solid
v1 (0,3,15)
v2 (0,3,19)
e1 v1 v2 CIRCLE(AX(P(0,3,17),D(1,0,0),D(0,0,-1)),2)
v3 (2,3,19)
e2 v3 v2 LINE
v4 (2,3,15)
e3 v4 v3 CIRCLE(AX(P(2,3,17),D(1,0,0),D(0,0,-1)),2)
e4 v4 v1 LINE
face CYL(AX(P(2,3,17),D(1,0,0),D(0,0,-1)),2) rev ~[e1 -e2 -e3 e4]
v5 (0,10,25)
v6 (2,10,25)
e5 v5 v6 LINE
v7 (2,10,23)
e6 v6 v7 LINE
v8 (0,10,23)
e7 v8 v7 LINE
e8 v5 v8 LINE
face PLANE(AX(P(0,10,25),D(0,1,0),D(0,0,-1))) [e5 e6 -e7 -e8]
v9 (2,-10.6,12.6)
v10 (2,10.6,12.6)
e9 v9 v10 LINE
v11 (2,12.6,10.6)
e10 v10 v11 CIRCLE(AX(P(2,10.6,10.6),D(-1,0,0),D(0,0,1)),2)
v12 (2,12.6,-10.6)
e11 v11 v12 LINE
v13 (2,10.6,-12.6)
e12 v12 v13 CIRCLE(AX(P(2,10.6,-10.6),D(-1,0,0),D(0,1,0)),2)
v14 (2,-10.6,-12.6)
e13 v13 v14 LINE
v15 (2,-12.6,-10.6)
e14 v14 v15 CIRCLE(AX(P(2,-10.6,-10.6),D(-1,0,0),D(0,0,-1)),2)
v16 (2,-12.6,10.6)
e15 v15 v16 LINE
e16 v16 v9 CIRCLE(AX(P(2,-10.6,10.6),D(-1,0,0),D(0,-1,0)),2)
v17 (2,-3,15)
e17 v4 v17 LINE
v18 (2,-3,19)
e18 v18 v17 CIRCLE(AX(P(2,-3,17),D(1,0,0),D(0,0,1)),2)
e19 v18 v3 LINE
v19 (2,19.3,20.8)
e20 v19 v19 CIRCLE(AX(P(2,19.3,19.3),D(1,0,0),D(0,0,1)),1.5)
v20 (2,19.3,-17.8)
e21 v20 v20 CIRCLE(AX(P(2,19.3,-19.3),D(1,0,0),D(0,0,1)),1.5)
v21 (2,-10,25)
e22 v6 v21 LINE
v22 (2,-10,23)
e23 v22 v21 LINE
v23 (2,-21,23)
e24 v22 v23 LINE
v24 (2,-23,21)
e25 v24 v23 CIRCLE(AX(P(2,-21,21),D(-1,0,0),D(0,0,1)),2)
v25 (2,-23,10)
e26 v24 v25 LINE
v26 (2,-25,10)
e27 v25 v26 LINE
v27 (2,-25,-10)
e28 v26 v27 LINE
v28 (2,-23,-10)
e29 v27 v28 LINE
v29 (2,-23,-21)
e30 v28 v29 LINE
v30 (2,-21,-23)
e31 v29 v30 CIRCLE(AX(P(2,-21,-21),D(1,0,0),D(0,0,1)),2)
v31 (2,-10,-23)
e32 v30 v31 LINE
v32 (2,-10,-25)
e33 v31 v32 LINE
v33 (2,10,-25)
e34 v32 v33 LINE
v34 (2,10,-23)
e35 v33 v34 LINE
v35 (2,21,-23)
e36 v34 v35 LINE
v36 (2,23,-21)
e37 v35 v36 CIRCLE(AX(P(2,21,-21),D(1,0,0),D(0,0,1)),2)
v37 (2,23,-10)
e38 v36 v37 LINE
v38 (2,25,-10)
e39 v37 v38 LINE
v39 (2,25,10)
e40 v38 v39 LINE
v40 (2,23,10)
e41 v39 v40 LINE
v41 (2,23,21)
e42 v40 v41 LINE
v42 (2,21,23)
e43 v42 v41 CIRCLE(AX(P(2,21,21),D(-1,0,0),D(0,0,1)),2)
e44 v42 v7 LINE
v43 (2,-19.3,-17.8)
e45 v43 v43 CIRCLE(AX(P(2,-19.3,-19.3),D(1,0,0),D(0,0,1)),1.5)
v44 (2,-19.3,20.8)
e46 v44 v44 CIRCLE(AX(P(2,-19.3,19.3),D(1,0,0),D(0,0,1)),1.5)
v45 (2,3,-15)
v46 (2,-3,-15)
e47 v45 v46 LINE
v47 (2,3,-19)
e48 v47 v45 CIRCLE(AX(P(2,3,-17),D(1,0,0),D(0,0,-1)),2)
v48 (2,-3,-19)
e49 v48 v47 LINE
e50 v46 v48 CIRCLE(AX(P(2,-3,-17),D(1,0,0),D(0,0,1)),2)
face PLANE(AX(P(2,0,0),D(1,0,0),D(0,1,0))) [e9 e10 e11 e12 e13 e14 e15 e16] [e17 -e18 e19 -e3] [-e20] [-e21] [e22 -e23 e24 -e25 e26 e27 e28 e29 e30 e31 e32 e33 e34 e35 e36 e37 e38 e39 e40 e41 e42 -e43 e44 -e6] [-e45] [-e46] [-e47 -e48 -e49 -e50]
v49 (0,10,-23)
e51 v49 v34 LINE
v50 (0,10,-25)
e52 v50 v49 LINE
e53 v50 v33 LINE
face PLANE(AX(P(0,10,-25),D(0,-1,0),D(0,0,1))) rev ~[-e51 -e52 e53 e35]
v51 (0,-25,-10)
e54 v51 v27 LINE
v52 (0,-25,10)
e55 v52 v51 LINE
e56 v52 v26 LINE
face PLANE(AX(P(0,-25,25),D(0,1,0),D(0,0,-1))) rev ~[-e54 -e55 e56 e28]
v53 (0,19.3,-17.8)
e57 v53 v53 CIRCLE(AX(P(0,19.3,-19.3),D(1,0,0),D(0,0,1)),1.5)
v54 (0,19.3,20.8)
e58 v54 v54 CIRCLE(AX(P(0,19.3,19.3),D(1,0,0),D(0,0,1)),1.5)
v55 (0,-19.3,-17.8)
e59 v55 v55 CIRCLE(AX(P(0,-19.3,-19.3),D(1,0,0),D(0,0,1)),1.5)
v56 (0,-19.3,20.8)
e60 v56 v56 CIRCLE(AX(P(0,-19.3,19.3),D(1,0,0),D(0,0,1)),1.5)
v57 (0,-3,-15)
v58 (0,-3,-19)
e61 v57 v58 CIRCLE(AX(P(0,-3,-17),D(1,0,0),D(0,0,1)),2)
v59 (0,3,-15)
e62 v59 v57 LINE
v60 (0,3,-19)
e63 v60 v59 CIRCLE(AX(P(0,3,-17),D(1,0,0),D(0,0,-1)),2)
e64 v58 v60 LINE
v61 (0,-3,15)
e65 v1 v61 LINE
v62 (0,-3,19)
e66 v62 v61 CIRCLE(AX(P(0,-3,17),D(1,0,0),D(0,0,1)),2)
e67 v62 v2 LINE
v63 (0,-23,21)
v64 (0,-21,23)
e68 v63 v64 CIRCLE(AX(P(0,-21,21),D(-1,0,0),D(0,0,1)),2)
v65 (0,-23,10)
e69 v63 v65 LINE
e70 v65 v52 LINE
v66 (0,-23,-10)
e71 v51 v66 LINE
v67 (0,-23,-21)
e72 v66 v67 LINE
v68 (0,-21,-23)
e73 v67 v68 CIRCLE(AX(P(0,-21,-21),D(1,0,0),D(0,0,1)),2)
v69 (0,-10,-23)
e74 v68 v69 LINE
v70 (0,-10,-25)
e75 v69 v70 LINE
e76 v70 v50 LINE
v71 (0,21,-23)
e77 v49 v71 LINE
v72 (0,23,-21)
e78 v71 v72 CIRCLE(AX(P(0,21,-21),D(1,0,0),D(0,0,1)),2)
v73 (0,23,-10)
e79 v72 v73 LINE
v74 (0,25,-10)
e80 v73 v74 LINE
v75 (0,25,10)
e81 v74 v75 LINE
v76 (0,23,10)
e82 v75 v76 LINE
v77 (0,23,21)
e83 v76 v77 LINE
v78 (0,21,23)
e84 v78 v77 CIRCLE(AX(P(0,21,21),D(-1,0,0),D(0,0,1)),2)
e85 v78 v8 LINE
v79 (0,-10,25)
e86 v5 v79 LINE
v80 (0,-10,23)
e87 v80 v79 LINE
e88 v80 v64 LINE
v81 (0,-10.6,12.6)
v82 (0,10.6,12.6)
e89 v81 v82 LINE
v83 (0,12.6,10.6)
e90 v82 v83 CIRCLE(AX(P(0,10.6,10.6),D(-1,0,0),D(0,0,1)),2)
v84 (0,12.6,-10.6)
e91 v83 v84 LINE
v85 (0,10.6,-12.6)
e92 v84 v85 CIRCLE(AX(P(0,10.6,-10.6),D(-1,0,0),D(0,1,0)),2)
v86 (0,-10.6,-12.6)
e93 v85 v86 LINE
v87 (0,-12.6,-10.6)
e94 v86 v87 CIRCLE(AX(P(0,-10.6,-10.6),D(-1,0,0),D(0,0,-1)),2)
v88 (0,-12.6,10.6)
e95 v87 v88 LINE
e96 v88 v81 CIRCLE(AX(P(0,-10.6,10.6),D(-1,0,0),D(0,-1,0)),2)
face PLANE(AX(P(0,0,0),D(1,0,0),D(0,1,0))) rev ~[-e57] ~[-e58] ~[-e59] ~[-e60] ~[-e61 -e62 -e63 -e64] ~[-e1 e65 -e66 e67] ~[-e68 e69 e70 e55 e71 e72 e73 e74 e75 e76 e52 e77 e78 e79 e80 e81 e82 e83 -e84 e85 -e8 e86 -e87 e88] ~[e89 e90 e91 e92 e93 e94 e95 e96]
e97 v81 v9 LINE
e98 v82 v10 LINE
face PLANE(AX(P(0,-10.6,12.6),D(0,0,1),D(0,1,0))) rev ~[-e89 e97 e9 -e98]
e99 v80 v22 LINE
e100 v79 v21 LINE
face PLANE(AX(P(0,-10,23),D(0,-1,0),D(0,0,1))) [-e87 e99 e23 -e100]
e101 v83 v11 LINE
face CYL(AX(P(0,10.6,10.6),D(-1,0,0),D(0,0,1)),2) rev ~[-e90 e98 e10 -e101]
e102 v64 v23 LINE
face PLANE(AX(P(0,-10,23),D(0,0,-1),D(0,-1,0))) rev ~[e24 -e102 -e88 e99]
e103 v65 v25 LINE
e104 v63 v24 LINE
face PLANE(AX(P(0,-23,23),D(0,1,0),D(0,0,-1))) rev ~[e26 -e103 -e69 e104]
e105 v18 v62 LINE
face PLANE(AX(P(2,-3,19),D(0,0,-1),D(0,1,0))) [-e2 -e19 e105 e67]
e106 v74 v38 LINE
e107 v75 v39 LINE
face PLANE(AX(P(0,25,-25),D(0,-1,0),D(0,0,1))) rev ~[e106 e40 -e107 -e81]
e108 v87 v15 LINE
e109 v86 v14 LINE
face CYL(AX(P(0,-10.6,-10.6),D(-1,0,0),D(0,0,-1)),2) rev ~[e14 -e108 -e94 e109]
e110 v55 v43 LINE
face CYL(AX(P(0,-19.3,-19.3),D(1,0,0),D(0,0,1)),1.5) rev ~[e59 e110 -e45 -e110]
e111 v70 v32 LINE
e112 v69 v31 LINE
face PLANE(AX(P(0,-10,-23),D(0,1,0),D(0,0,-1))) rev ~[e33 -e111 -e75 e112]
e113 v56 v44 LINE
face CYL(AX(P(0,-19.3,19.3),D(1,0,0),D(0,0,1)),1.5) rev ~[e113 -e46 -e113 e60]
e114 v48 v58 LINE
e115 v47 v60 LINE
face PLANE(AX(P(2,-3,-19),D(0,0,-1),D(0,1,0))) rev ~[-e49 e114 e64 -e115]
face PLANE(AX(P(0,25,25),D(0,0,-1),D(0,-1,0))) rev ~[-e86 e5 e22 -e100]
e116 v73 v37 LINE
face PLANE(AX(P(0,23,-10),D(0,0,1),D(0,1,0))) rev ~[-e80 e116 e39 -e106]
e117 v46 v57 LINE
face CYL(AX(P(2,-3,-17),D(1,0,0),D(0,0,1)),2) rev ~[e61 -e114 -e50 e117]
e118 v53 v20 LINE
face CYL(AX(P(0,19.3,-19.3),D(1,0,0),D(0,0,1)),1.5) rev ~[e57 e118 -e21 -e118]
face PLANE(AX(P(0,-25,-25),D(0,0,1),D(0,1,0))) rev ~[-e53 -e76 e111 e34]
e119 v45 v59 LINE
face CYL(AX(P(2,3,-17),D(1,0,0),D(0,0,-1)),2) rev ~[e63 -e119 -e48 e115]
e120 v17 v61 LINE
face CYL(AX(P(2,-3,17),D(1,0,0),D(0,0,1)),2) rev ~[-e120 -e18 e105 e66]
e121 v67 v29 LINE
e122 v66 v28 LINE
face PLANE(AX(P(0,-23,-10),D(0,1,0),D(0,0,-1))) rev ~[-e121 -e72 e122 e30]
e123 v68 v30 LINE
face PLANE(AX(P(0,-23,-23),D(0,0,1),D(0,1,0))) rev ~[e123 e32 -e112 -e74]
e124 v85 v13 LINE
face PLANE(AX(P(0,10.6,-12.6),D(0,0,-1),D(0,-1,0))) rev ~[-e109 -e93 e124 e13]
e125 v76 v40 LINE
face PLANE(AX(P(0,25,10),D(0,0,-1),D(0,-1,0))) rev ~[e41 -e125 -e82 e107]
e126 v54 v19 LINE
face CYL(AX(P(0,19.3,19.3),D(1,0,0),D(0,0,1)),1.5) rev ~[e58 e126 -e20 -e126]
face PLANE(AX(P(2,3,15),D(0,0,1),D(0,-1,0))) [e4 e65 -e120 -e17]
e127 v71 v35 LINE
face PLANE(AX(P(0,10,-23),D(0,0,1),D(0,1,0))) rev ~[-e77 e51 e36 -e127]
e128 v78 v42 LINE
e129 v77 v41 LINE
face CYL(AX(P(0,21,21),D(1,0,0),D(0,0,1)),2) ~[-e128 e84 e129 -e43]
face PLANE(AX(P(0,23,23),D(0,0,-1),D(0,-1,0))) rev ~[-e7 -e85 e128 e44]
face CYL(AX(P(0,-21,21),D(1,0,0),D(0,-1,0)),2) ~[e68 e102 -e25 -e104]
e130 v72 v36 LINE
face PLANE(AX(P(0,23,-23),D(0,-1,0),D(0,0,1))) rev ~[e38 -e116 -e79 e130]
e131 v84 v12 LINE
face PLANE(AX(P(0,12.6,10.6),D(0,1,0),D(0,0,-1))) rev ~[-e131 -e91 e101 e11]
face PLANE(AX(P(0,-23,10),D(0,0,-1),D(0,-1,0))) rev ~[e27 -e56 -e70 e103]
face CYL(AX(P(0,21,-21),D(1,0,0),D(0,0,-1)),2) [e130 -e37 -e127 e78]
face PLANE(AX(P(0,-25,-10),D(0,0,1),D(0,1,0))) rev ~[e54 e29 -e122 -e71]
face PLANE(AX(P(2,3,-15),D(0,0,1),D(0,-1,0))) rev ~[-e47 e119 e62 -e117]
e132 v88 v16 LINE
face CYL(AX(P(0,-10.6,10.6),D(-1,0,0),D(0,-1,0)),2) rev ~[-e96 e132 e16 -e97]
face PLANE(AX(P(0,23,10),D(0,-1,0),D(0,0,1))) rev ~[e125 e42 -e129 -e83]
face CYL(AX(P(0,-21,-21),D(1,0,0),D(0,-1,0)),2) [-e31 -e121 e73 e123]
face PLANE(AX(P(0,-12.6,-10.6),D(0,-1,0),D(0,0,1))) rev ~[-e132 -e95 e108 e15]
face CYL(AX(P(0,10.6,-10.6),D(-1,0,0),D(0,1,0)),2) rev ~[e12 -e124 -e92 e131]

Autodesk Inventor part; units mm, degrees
ref_plane "YZ Plane" through (0, 0, 0) normal (1, 0, 0) x (0, 1, 0)
ref_plane "XZ Plane" through (0, 0, 0) normal (0, 1, 0) x (-1, 0, 0)
ref_plane "XY Plane" through (0, 0, 0) normal (0, 0, 1) x (1, 0, 0)
sketch "Sketch1" plane through (0, 0, 0) normal (1, 0, 0) x (0, 1, 0)
  line L0 (-25, -25) -> (25, -25)
  line L1 (25, -25) -> (25, 25)
  line L2 (25, 25) -> (-25, 25)
  line L3 (-25, 25) -> (-25, -25)
  line L4 (-25, -25) -> (25, 25) construction
  line L5 (25, -25) -> (-25, 25) construction
  line L6 (-24, -24) -> (24, -24)
  line L7 (24, -24) -> (24, 24)
  line L8 (24, 24) -> (-24, 24)
  line L9 (-24, 24) -> (-24, -24)
  line L10 (-24, -24) -> (24, 24) construction
  line L11 (24, -24) -> (-24, 24) construction
  point P0 (0, 0)
  dimension "d0" = 50
  dimension "d1" = 50
  dimension "d2" = 48
  dimension "d3" = 48
extrude "Extrusion1" add sketch "Sketch1" along normal blind 2 contours L3 L2 L1 L0 | L9 L8 L7 L6
sketch "Sketch3" plane through (0, 0, 0) normal (-1, 0, 0) x (0, 0, 1)
  line L0 (19.3, -19.3) -> (-19.3, -19.3)
  line L1 (-19.3, -19.3) -> (-19.3, 19.3)
  line L2 (-19.3, 19.3) -> (19.3, 19.3)
  line L3 (19.3, 19.3) -> (19.3, -19.3)
  line L4 (19.3, -19.3) -> (-19.3, 19.3) construction
  line L5 (-19.3, -19.3) -> (19.3, 19.3) construction
  circle A0 centre (-19.3, 19.3) radius 1.5
  circle A1 centre (19.3, 19.3) radius 1.5555
  circle A2 centre (19.3, -19.3) radius 1.5555
  circle A3 centre (-19.3, -19.3) radius 1.5555
  point P0 (0, 0)
  dimension "d6" = 38.6
  dimension "d7" = 38.6
  dimension "d8" = 3
  dimension "d9" = 3.111
  dimension "d10" = 3.111
  dimension "d11" = 3.111
hole "Hole1" at (0, 19.3, -19.3) direction (1, 0, 0) diameter 3 end through all
sketch "Sketch4" plane through (0, 0, 0) normal (-1, 0, 0) x (0, 0, 1)
  line L0 (-19.3, -19.3) -> (19.3, -19.3)
  line L1 (19.3, -19.3) -> (19.3, 19.3)
  line L2 (19.3, 19.3) -> (-19.3, 19.3)
  line L3 (-19.3, 19.3) -> (-19.3, -19.3)
  line L4 (-19.3, -19.3) -> (19.3, 19.3) construction
  line L5 (19.3, -19.3) -> (-19.3, 19.3) construction
  circle A0 centre (19.3, 19.3) radius 1.5
  point P0 (0, 0)
  dimension "d19" = 38.6
  dimension "d20" = 38.6
  dimension "d21" = 3
hole "Hole2" at (0, 19.3, 19.3) direction (1, 0, 0) diameter 3 end through all
sketch "Sketch5" plane through (0, 0, 0) normal (-1, 0, 0) x (0, 0, 1)
  line L0 (19.3, -19.3) -> (-19.3, -19.3)
  line L1 (-19.3, -19.3) -> (-19.3, 19.3)
  line L2 (-19.3, 19.3) -> (19.3, 19.3)
  line L3 (19.3, 19.3) -> (19.3, -19.3)
  line L4 (19.3, -19.3) -> (-19.3, 19.3) construction
  line L5 (-19.3, -19.3) -> (19.3, 19.3) construction
  circle A0 centre (-19.3, -19.3) radius 1.5
  point P0 (0, 0)
  dimension "d29" = 38.6
  dimension "d30" = 38.6
  dimension "d31" = 3
hole "Hole3" at (0, -19.3, -19.3) direction (1, 0, 0) diameter 3 end through all
sketch "Sketch6" plane through (0, 0, 0) normal (-1, 0, 0) x (0, 0, 1)
  line L0 (19.3, -19.3) -> (-19.3, -19.3)
  line L1 (-19.3, -19.3) -> (-19.3, 19.3)
  line L2 (-19.3, 19.3) -> (19.3, 19.3)
  line L3 (19.3, 19.3) -> (19.3, -19.3)
  line L4 (19.3, -19.3) -> (-19.3, 19.3) construction
  line L5 (-19.3, -19.3) -> (19.3, 19.3) construction
  circle A0 centre (19.3, -19.3) radius 1.5
  point P0 (0, 0)
  dimension "d39" = 38.6
  dimension "d40" = 38.6
  dimension "d41" = 3
hole "Hole4" at (0, -19.3, 19.3) direction (1, 0, 0) diameter 3 end through all
sketch "Sketch7" plane through (0, 0, 0) normal (-1, 0, 0) x (0, 0, 1)
  line L0 (23, -23) -> (-23, -23)
  line L1 (-23, -23) -> (-23, 23)
  line L2 (-23, 23) -> (23, 23)
  line L3 (23, 23) -> (23, -23)
  line L4 (23, -23) -> (-23, 23) construction
  line L5 (-23, -23) -> (23, 23) construction
  line L6 (-25, 25) -> (25, 25) projected
  line L7 (10, 21) -> (-10, 21)
  line L8 (-10, 21) -> (-10, 25)
  line L9 (-10, 25) -> (10, 25)
  line L10 (10, 25) -> (10, 21)
  line L11 (10, 21) -> (-10, 25) construction
  line L12 (-10, 21) -> (10, 25) construction
  line L13 (21, -10) -> (25, -10)
  line L14 (25, -10) -> (25, 10)
  line L15 (25, 10) -> (21, 10)
  line L16 (21, 10) -> (21, -10)
  line L17 (21, -10) -> (25, 10) construction
  line L18 (25, -10) -> (21, 10) construction
  line L19 (25, -25) -> (-25, -25) projected
  line L20 (-10, -21) -> (10, -21)
  line L21 (10, -21) -> (10, -25)
  line L22 (10, -25) -> (-10, -25)
  line L23 (-10, -25) -> (-10, -21)
  line L24 (-10, -21) -> (10, -25) construction
  line L25 (10, -21) -> (-10, -25) construction
  line L26 (-25.0252, 10) -> (-20.9748, 10)
  line L27 (-20.9748, 10) -> (-20.9748, -10)
  line L28 (-20.9748, -10) -> (-25.0252, -10)
  line L29 (-25.0252, -10) -> (-25.0252, 10)
  line L30 (-25.0252, 10) -> (-20.9748, -10) construction
  line L31 (-20.9748, 10) -> (-25.0252, -10) construction
  line L32 (25, -25) -> (-25, -25)
  line L33 (-25, -25) -> (-25, 25)
  line L34 (-25, 25) -> (25, 25)
  line L35 (25, 25) -> (25, -25)
  line L36 (25, -25) -> (-25, 25) construction
  line L37 (-25, -25) -> (25, 25) construction
  point P0 (0, 0)
  point P1 (0, 23)
  point P2 (23, 0)
  point P3 (0, -23)
  point P4 (-23, 0)
  point P5 (-10, 23)
  point P6 (10, 23)
  point P7 (23, 10)
  point P8 (23, -10)
  point P9 (10, -23)
  point P10 (-10, -23)
  point P11 (-23, -10)
  point P12 (-23, 10)
  point P13 (10, 25)
  point P14 (-25, 10)
  point P15 (-25, -10)
  point P16 (-10, -25)
  dimension "d49" = 46
  dimension "d50" = 46
  dimension "d51" = 20
  dimension "d52" = 20
  dimension "d53" = 20
  dimension "d54" = 20
extrude "Extrusion3" cut sketch "Sketch7" against normal blind 2 contours L3 L13 L35 L19 L21 L0 | L23 L19 L33 L28 L1 L0 | L3 L2 L10 L6 L35 L15 | L26 L33 L6 L8 L2 L1
sketch "Sketch9" plane through (0, 0, 0) normal (-1, 0, 0) x (0, 0, 1)
  line L0 (10.6, 12.6) -> (-10.6, 12.6)
  line L1 (-12.6, 10.6) -> (-12.6, -10.6)
  line L2 (-10.6, -12.6) -> (10.6, -12.6)
  line L3 (12.6, -10.6) -> (12.6, 10.6)
  line L4 (12.6, 12.6) -> (-12.6, -12.6) construction
  line L5 (-12.6, 12.6) -> (12.6, -12.6) construction
  arc A0 (-12.6, -10.6) -> (-10.6, -12.6) centre (-10.6, -10.6) ccw
  arc A1 (-10.6, 12.6) -> (-12.6, 10.6) centre (-10.6, 10.6) ccw
  arc A2 (12.6, 10.6) -> (10.6, 12.6) centre (10.6, 10.6) ccw
  arc A3 (10.6, -12.6) -> (12.6, -10.6) centre (10.6, -10.6) ccw
  point P0 (0, 0)
  dimension "d62" = 25.2
  dimension "d63" = 25.2
  dimension "d64" = 2
extrude "Extrusion4" cut sketch "Sketch9" against normal blind 2
sketch "Sketch10" plane through (2, 0, 0) normal (1, 0, 0) x (0, 0, -1)
  line L0 (-17, -3) -> (-17, 3) construction
  line L1 (-19, -3) -> (-19, 3)
  line L2 (-15, 3) -> (-15, -3)
  arc A0 (-19, -3) -> (-15, -3) centre (-17, -3) ccw
  arc A1 (-15, 3) -> (-19, 3) centre (-17, 3) ccw
  line L3 (17, -3) -> (17, 3) construction
  line L4 (19, -3) -> (19, 3)
  line L5 (15, 3) -> (15, -3)
  arc A2 (15, -3) -> (19, -3) centre (17, -3) ccw
  arc A3 (19, 3) -> (15, 3) centre (17, 3) ccw
  point P0 (0, 0)
  point P1 (-17, 0)
  point P2 (17, 0)
  dimension "d67" = 17
  dimension "d68" = 17
  dimension "d69" = 4
  dimension "d70" = 4
  dimension "d71" = 10
extrude "Extrusion5" cut sketch "Sketch10" against normal blind 10
fillet "Fillet1" radius 2 4 edges at (1, -23, 23) (1, -23, -23) (1, 23, -23) (1, 23, 23)
properties part number "BottomSide"
